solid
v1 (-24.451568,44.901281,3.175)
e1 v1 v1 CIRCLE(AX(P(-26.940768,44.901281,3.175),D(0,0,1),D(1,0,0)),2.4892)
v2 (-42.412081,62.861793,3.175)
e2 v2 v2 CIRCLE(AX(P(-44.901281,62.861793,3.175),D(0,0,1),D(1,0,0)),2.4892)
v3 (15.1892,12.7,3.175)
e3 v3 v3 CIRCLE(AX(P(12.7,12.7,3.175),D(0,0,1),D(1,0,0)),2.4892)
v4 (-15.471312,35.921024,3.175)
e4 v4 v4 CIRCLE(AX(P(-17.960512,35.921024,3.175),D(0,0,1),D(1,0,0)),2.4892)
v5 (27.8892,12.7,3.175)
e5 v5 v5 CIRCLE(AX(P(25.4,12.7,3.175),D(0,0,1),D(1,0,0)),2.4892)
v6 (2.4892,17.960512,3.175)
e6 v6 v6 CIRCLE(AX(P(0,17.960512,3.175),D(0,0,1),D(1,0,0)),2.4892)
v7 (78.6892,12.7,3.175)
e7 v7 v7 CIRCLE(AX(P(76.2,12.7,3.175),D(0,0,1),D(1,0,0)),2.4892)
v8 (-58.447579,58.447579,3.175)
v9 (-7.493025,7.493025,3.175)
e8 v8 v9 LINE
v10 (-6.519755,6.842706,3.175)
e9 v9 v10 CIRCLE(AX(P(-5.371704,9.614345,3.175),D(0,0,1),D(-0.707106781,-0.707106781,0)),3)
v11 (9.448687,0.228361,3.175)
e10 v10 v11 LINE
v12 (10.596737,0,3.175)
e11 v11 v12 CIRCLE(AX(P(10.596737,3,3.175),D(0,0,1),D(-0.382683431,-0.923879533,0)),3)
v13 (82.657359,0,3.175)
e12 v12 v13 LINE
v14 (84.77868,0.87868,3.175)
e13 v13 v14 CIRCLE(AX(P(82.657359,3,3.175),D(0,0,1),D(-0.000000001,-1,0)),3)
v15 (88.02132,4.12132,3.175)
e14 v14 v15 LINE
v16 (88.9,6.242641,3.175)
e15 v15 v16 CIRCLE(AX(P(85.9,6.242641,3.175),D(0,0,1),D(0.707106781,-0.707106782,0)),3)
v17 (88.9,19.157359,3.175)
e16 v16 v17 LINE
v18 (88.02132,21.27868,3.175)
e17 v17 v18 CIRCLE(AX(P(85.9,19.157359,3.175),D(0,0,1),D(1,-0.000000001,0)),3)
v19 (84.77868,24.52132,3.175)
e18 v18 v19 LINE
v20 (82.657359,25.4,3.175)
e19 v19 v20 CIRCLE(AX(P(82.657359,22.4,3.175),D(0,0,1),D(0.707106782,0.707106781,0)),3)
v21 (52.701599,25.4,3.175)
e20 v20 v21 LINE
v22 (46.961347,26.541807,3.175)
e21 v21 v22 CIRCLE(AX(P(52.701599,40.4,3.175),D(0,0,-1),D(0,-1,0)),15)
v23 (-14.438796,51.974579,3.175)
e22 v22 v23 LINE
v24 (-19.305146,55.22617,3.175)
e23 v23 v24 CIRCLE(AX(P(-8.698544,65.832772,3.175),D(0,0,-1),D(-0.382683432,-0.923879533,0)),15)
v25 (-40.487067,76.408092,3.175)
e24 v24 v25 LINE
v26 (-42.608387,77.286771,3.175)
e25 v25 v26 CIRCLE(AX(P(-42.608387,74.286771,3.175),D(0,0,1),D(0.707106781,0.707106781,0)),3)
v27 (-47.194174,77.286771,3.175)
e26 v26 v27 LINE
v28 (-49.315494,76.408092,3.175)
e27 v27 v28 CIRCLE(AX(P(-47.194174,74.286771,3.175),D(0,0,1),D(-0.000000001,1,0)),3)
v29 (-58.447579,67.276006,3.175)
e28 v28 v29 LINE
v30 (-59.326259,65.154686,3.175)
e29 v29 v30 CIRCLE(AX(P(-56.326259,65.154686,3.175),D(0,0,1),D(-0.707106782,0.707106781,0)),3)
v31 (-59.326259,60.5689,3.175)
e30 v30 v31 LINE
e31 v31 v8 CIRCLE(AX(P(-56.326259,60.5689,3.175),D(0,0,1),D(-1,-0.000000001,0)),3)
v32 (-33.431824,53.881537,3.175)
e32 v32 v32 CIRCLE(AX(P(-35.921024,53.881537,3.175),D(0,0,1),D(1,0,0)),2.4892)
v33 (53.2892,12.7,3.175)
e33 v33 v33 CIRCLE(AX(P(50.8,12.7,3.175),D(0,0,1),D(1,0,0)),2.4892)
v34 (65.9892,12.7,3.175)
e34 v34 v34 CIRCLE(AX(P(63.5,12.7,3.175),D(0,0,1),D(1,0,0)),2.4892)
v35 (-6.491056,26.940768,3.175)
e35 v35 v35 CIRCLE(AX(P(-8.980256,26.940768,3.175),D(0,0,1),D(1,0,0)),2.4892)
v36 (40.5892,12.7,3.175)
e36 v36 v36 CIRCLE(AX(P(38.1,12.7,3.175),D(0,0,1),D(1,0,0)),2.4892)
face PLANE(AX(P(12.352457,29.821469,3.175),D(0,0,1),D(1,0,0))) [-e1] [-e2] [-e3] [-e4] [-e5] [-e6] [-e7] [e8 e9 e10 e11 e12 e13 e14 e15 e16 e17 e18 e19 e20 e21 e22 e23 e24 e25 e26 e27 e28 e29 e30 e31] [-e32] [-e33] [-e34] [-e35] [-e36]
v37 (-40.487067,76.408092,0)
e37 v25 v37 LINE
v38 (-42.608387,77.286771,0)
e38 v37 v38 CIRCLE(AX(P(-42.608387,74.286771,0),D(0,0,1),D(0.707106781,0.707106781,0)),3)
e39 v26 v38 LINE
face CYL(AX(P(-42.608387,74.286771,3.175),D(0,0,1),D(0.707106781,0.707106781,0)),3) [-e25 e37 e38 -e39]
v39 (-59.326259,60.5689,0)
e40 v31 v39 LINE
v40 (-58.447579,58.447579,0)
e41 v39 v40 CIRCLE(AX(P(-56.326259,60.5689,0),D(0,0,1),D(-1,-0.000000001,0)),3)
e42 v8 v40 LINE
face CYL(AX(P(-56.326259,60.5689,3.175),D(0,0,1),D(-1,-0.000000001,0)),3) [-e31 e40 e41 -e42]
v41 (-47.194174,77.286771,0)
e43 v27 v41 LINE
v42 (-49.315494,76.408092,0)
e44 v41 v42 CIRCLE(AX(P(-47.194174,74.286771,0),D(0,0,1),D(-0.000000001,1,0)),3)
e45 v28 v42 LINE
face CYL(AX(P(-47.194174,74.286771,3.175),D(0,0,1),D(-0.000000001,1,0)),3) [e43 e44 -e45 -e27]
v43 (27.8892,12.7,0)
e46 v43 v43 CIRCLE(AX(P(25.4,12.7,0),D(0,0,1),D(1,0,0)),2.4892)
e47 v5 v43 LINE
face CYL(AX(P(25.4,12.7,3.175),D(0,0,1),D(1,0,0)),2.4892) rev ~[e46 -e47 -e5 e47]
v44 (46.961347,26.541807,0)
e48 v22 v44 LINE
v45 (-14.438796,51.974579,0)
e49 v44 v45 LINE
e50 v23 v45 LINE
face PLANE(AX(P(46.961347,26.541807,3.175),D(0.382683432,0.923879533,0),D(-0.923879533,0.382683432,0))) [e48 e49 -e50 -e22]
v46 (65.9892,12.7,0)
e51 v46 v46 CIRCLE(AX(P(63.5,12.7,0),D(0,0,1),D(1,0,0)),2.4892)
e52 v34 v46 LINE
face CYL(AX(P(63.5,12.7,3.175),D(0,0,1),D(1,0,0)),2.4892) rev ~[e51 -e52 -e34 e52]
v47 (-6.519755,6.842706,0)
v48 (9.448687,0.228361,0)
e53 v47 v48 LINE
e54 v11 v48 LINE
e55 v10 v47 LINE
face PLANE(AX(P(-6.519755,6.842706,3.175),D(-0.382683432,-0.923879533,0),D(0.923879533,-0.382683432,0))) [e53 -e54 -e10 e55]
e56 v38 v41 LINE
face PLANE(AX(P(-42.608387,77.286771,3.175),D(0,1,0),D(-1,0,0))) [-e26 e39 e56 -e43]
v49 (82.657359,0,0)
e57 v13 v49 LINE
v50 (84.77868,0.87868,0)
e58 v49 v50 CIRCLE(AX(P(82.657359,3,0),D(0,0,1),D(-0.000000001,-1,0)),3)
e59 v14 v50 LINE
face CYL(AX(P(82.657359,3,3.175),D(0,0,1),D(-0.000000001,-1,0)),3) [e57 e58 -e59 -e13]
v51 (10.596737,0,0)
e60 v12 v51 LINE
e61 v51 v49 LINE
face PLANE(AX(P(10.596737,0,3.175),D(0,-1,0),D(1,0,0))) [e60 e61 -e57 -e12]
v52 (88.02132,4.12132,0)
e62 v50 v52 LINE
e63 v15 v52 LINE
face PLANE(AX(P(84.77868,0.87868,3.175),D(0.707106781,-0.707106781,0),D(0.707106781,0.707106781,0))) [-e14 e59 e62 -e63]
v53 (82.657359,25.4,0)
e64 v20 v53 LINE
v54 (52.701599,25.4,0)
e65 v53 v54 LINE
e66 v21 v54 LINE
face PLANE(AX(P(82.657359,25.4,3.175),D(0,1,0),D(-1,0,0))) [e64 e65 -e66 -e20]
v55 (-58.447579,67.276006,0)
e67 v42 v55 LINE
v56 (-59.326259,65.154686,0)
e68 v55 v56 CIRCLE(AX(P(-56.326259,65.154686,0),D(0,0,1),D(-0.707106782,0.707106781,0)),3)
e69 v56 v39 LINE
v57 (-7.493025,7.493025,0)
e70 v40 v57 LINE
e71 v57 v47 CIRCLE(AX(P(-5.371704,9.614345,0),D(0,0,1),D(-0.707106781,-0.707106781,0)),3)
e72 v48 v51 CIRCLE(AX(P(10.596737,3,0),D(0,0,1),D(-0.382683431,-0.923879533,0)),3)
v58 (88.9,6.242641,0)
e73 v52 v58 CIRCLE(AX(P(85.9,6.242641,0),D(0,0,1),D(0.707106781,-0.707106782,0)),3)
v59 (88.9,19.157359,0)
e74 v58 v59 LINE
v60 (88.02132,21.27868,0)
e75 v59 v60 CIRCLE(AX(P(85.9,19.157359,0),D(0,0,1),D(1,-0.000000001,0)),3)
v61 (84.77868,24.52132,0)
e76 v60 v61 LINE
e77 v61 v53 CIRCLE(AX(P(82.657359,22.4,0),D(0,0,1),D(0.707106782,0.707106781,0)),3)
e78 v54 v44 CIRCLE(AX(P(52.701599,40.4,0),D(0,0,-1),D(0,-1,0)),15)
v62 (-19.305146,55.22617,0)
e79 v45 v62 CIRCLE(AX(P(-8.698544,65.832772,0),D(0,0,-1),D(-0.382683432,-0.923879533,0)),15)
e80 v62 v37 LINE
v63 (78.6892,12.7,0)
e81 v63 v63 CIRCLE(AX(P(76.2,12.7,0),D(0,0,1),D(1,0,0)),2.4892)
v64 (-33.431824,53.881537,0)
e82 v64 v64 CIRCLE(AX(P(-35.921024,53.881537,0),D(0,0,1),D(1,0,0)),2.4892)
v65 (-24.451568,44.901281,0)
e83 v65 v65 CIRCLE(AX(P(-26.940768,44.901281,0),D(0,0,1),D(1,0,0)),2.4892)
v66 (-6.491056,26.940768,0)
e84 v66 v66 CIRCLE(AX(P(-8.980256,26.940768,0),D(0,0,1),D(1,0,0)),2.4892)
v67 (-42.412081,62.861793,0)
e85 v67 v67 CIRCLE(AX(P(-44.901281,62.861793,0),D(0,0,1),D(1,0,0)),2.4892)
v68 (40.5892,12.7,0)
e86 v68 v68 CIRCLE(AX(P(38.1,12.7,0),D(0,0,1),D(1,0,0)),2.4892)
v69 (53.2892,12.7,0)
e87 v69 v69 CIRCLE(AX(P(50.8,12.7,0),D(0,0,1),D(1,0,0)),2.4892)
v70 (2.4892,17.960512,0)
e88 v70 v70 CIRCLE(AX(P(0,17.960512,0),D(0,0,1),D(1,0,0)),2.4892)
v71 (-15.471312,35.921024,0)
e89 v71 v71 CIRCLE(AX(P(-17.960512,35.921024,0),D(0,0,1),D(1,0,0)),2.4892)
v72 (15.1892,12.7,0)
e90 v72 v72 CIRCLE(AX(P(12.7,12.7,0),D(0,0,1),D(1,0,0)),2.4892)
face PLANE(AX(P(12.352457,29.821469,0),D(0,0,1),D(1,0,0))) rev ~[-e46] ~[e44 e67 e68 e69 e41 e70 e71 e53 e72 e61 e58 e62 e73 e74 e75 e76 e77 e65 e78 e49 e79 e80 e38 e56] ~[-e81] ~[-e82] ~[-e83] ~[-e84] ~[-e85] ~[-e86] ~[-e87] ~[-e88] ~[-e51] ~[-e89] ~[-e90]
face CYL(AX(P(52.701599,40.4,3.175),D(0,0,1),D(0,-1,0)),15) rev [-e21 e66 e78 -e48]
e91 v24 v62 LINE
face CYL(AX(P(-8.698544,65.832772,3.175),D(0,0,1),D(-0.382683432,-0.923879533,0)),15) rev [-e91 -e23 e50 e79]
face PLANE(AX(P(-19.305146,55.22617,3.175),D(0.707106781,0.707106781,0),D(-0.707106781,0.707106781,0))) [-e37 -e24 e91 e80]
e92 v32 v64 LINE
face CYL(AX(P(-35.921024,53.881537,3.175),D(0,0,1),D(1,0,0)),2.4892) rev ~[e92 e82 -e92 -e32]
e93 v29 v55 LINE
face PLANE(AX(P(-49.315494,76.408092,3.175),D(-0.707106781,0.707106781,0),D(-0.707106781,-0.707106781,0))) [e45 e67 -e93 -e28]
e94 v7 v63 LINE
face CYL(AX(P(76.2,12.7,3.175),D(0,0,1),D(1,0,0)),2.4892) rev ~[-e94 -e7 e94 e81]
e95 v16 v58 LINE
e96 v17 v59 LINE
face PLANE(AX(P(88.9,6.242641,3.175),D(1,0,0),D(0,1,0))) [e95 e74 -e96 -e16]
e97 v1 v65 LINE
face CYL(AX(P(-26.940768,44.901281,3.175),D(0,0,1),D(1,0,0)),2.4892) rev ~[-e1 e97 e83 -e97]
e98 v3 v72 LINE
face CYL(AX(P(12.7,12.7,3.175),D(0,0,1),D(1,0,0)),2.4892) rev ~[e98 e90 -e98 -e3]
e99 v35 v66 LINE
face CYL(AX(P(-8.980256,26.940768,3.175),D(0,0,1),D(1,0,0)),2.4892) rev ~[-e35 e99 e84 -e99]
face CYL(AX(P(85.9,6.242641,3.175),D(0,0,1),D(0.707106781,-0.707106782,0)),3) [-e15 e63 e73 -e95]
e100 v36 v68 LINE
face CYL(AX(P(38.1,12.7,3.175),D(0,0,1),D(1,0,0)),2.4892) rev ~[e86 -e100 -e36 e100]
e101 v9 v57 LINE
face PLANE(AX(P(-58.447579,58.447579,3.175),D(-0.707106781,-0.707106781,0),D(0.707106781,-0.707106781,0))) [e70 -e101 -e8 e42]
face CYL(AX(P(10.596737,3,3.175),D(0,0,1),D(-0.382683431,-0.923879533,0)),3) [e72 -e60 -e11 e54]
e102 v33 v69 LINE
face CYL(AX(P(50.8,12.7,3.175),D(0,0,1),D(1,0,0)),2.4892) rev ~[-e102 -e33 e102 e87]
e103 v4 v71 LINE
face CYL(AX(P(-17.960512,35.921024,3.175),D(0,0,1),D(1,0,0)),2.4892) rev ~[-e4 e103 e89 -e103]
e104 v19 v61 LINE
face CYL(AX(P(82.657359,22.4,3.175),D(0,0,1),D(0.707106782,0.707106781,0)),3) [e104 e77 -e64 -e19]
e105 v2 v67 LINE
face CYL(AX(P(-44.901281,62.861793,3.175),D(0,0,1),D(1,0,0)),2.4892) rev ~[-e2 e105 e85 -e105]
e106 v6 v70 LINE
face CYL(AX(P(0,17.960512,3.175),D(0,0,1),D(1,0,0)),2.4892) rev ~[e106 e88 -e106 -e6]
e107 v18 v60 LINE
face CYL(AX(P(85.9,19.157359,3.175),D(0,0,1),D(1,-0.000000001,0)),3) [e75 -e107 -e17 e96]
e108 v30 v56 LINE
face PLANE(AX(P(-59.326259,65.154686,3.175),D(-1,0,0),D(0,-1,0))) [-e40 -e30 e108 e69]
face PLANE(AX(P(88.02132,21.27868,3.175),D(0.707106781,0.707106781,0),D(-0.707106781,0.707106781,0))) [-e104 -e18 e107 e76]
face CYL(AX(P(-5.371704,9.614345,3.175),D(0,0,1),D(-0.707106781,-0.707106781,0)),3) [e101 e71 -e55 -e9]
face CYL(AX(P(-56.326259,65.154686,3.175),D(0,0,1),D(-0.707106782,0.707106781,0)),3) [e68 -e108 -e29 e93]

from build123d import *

# Parameters (mm, degrees)
SKETCH1_R           = 2.4892
BOSS_EXTRUDE1_DEPTH = 3.175


with BuildPart() as part:
    # Sketch1 → Boss-Extrude1 (new body)
    with BuildSketch(Plane.XY.offset(3.175)):
        with BuildLine():
            Line((-6.519754617, 6.842706409), (9.448686805, 0.228361402))
            ThreePointArc((9.448686805, 0.228361402), (10.011466136, 0.057644159), (10.596737102, 0))
            Line((10.596737102, 0), (82.657359313, 0))
            ThreePointArc((82.657359313, 0), (83.80540961, 0.228361402), (84.778679656, 0.878679656))
            Line((84.778679656, 0.878679656), (88.021320344, 4.121320344))
            ThreePointArc((88.021320344, 4.121320344), (88.671638598, 5.09459039), (88.9, 6.242640687))
            Line((88.9, 6.242640687), (88.9, 19.157359313))
            ThreePointArc((88.9, 19.157359313), (88.671638598, 20.30540961), (88.021320344, 21.278679656))
            Line((88.021320344, 21.278679656), (84.778679656, 24.521320344))
            ThreePointArc((84.778679656, 24.521320344), (83.80540961, 25.171638598), (82.657359313, 25.4))
            Line((82.657359313, 25.4), (52.701598941, 25.4))
            ThreePointArc((52.701598941, 25.4), (49.775244111, 25.688220794), (46.961347456, 26.541807012))
            Line((46.961347456, 26.541807012), (-14.438795516, 51.974578963))
            ThreePointArc((-14.438795516, 51.974578963), (-17.032097526, 53.360727766), (-19.305145749, 55.226170233))
            Line((-19.305145749, 55.226170233), (-40.487067043, 76.408091527))
            ThreePointArc((-40.487067043, 76.408091527), (-41.460337089, 77.058409781), (-42.608387387, 77.286771184))
            Line((-42.608387387, 77.286771184), (-47.194173824, 77.286771184))
            ThreePointArc((-47.194173824, 77.286771184), (-48.342224121, 77.058409781), (-49.315494168, 76.408091527))
            Line((-49.315494168, 76.408091527), (-58.447579285, 67.27600641))
            ThreePointArc((-58.447579285, 67.27600641), (-59.097897539, 66.302736363), (-59.326258942, 65.154686066))
            Line((-59.326258942, 65.154686066), (-59.326258942, 60.568899629))
            ThreePointArc((-59.326258942, 60.568899629), (-59.097897539, 59.420849332), (-58.447579285, 58.447579285))
            Line((-58.447579285, 58.447579285), (-7.493024663, 7.493024663))
            ThreePointArc((-7.493024663, 7.493024663), (-7.038415019, 7.11993617), (-6.519754617, 6.842706409))
        make_face()
        with Locations((0, 17.960512242)):
            Circle(SKETCH1_R, mode=Mode.SUBTRACT)
        with Locations((12.7, 12.7)):
            Circle(SKETCH1_R, mode=Mode.SUBTRACT)
        with Locations((63.5, 12.7)):
            Circle(SKETCH1_R, mode=Mode.SUBTRACT)
        with Locations((38.1, 12.7)):
            Circle(SKETCH1_R, mode=Mode.SUBTRACT)
        with Locations((-17.960512242, 35.921024484)):
            Circle(SKETCH1_R, mode=Mode.SUBTRACT)
        with Locations((-35.921024484, 53.881536726)):
            Circle(SKETCH1_R, mode=Mode.SUBTRACT)
        with Locations((76.2, 12.7)):
            Circle(SKETCH1_R, mode=Mode.SUBTRACT)
        with Locations((50.8, 12.7)):
            Circle(SKETCH1_R, mode=Mode.SUBTRACT)
        with Locations((25.4, 12.7)):
            Circle(SKETCH1_R, mode=Mode.SUBTRACT)
        with Locations((-8.980256121, 26.940768363)):
            Circle(SKETCH1_R, mode=Mode.SUBTRACT)
        with Locations((-26.940768363, 44.901280605)):
            Circle(SKETCH1_R, mode=Mode.SUBTRACT)
        with Locations((-44.901280605, 62.861792847)):
            Circle(SKETCH1_R, mode=Mode.SUBTRACT)
    extrude(amount=-BOSS_EXTRUDE1_DEPTH)


solid = part.part
